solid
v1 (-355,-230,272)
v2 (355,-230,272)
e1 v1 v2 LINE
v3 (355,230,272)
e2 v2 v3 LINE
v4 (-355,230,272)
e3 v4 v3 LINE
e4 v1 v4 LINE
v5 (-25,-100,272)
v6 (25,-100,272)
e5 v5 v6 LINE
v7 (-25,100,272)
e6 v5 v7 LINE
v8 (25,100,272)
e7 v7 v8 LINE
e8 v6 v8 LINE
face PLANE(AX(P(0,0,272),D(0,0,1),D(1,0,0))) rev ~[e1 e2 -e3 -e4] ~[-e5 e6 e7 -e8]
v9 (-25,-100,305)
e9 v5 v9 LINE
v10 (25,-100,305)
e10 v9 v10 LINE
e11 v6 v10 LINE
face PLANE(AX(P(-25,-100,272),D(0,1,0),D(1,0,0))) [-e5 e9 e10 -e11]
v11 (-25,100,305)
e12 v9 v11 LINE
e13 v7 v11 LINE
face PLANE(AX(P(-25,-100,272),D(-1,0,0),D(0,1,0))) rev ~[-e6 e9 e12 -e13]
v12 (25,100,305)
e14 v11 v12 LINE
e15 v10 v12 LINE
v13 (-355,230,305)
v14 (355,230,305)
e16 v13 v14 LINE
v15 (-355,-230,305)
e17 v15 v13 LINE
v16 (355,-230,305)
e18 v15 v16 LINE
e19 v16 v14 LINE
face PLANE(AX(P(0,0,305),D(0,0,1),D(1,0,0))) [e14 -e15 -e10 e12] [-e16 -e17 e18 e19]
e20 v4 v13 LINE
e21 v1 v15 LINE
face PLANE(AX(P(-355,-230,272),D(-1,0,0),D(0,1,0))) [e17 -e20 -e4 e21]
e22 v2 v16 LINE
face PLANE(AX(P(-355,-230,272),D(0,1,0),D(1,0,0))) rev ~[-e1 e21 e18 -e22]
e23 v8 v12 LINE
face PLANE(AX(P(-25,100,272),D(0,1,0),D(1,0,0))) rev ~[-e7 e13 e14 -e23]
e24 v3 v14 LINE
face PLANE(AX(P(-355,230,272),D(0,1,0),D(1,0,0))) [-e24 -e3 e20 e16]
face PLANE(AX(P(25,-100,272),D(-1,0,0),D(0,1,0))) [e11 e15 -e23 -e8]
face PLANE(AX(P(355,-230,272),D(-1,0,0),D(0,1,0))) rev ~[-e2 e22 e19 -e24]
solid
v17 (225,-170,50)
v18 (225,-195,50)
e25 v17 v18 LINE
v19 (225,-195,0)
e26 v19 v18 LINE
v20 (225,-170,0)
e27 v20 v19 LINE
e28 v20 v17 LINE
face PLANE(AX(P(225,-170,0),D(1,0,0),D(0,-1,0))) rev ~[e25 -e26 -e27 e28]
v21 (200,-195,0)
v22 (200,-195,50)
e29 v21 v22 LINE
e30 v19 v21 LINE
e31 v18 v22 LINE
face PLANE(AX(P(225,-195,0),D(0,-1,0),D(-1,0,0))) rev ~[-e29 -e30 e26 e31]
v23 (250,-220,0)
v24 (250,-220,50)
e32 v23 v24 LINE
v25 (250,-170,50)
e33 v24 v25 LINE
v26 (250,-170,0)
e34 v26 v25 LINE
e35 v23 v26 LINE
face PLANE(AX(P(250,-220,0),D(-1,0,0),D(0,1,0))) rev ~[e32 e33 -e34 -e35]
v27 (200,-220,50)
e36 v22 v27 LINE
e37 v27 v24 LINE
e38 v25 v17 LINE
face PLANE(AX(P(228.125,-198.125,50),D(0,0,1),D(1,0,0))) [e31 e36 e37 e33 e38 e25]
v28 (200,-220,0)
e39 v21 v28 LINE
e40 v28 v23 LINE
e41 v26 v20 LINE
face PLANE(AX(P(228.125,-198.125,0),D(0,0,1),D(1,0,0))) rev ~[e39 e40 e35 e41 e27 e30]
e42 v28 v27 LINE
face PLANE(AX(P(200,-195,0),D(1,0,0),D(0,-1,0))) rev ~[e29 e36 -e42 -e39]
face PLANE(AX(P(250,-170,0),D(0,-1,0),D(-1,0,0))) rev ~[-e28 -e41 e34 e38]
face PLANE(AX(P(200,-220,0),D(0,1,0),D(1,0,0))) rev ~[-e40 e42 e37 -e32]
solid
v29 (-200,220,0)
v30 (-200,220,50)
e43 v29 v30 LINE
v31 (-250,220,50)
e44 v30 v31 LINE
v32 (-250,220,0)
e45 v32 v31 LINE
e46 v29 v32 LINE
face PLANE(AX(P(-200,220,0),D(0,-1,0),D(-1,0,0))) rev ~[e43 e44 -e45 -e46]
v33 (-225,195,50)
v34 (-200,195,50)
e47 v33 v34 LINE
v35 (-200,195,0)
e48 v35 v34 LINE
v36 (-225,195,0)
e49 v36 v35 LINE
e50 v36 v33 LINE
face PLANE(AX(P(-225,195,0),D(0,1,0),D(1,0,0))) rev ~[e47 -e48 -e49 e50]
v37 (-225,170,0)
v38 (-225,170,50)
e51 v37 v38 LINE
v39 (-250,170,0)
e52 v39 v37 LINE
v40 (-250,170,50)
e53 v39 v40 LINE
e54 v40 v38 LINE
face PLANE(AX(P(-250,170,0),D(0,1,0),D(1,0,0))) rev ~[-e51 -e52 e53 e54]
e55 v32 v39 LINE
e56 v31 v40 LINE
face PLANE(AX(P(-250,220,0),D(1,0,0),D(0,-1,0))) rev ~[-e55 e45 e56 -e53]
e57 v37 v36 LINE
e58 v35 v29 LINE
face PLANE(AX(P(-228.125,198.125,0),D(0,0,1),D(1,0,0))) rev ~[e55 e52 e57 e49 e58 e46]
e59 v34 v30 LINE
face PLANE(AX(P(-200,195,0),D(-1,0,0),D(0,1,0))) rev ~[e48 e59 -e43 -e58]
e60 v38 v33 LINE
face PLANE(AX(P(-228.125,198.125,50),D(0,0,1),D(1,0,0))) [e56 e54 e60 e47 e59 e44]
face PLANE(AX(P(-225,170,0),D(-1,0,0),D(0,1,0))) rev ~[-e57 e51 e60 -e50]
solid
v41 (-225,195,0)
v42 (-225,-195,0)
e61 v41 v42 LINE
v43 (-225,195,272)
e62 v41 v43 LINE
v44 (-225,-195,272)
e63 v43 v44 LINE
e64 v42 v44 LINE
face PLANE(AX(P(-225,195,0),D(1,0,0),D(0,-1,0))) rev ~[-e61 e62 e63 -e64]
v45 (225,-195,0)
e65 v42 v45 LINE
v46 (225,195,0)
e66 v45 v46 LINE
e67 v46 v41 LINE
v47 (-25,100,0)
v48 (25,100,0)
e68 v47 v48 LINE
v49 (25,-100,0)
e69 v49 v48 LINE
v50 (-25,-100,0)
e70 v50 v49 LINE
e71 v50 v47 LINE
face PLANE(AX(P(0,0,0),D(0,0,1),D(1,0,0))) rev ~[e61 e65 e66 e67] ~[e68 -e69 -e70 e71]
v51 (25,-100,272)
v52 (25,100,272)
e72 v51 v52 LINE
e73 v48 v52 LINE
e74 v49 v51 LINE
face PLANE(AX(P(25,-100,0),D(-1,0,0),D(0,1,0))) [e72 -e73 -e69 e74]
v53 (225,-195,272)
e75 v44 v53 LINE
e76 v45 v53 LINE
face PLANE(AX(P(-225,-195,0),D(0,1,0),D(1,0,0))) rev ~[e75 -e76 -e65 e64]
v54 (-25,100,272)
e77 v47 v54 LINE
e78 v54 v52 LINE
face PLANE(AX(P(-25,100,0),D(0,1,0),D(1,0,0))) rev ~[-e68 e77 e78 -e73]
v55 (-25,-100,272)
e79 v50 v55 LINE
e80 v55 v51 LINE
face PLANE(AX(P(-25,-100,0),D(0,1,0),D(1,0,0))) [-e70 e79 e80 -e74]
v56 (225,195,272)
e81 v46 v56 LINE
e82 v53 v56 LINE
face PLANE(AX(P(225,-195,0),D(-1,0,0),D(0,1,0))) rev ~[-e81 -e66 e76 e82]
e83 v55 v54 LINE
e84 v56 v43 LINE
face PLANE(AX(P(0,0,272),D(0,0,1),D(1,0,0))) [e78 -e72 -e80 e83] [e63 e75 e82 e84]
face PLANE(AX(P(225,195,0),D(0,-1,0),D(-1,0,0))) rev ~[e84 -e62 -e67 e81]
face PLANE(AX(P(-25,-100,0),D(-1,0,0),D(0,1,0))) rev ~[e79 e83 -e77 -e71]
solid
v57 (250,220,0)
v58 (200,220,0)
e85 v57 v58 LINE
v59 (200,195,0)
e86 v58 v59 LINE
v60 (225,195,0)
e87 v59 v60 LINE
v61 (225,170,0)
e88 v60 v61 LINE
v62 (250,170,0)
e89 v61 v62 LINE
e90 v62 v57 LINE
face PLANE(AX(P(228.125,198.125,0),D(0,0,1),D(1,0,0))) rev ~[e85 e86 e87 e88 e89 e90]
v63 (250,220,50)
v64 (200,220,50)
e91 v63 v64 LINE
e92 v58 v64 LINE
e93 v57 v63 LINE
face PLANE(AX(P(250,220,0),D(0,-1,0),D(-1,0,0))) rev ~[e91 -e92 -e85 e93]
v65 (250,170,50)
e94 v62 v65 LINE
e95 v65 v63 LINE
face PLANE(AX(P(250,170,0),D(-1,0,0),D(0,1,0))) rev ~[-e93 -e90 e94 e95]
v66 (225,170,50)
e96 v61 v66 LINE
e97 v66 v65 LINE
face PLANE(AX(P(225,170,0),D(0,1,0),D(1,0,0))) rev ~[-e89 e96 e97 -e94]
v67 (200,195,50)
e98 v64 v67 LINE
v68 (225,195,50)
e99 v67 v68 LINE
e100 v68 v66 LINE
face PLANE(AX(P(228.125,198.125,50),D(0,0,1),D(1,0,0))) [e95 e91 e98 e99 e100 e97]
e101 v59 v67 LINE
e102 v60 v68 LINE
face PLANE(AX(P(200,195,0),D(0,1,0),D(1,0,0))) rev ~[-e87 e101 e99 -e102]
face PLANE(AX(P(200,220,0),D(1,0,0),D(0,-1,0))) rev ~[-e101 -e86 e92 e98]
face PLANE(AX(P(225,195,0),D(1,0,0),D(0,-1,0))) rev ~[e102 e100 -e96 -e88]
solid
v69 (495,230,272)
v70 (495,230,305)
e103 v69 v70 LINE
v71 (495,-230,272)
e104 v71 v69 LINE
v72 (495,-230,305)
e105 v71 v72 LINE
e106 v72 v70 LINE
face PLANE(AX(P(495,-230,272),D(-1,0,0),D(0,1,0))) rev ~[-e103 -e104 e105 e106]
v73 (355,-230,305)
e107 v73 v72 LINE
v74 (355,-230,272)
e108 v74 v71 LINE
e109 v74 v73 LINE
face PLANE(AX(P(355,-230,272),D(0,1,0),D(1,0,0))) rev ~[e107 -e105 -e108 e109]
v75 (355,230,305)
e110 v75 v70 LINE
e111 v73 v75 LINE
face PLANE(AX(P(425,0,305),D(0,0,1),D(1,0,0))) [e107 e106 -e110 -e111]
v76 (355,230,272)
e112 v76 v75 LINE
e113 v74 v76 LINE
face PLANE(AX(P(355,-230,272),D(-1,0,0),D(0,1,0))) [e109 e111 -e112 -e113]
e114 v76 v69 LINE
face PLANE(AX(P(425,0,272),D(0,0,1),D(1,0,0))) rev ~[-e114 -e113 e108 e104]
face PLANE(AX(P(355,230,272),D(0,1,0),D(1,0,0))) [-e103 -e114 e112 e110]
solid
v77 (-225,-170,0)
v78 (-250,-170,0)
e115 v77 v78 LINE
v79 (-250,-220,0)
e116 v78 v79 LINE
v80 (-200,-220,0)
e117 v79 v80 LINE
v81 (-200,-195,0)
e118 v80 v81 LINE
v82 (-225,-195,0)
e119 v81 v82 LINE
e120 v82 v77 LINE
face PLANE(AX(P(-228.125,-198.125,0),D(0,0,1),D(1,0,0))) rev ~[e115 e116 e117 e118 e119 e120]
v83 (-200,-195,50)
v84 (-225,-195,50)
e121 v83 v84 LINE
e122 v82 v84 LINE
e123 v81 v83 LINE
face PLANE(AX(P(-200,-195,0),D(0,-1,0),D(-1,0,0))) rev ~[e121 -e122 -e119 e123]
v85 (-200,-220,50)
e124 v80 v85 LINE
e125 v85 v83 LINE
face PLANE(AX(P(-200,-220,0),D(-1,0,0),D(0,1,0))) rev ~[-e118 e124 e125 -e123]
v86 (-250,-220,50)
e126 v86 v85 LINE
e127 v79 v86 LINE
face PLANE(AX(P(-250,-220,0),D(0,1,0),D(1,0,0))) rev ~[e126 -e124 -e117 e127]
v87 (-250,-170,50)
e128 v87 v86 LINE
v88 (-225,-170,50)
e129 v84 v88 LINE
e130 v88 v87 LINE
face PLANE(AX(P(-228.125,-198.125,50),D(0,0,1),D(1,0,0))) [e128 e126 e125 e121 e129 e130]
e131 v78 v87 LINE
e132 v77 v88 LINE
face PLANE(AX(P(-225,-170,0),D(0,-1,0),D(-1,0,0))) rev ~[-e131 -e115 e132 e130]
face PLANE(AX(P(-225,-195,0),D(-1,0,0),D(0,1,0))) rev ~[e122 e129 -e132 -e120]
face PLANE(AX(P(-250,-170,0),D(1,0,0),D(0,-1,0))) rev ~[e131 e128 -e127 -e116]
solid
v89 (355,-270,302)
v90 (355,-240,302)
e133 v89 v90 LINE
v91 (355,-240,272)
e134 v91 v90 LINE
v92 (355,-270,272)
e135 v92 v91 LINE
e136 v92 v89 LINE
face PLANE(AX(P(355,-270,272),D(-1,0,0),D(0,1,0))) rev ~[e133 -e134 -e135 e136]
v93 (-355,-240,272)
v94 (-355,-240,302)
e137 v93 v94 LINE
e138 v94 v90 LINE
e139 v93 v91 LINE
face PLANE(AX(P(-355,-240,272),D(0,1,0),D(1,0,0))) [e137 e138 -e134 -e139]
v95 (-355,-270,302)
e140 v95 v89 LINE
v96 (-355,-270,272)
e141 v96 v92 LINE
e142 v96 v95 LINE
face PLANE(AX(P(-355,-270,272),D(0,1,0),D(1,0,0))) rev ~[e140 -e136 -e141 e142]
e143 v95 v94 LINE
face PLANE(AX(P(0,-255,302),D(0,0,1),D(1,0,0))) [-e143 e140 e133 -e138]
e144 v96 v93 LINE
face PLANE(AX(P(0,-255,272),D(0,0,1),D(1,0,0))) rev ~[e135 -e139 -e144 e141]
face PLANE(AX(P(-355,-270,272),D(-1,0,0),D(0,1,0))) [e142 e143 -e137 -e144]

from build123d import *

# Parameters (mm, degrees)
F0_W     = 50
F0_H     = 200
F0_W_2   = 25
F0_H_2   = 25
F1_DEPTH = 272
F2_DEPTH = 50
F3_W     = 710
F3_H     = 460
F3_W_2   = 450
F3_H_2   = 390
F3_W_3   = 50
F3_H_3   = 200
F4_DEPTH = 33
F3_H_4   = 30
F5_DEPTH = 30
F3_W_4   = 140
F6_DEPTH = 33


with BuildPart() as f1:
    # F0 (on Top) → F1 (new body)
    with BuildSketch(Plane.XY):
        Polygon((-200, -195), (200, -195), (200, -170), (225, -170), (225, 170), (200, 170), (200, 195), (-200, 195), (-200, 170), (-225, 170), (-225, -170), (-200, -170), align=None)
        Rectangle(F0_W, F0_H, mode=Mode.SUBTRACT)
        with Locations((-212.5, 182.5)):
            Rectangle(F0_W_2, F0_H_2)
        with Locations((-212.5, -182.5)):
            Rectangle(F0_W_2, F0_H_2)
        with Locations((212.5, -182.5)):
            Rectangle(F0_W_2, F0_H_2)
        with Locations((212.5, 182.5)):
            Rectangle(F0_W_2, F0_H_2)
    extrude(amount=F1_DEPTH)


with BuildPart() as f2:
    # F0 (on Top) → F2 (new body)
    with BuildSketch(Plane.XY):
        Polygon((-250, 170), (-225, 170), (-225, 195), (-200, 195), (-200, 220), (-250, 220), align=None)
    extrude(amount=F2_DEPTH)


with BuildPart() as f2b:
    # F0 (on Top) → F2, piece 2 (new body)
    with BuildSketch(Plane.XY):
        Polygon((-200, -220), (-200, -195), (-225, -195), (-225, -170), (-250, -170), (-250, -220), align=None)
    extrude(amount=F2_DEPTH)


with BuildPart() as f2c:
    # F0 (on Top) → F2, piece 3 (new body)
    with BuildSketch(Plane.XY):
        Polygon((225, -170), (225, -195), (200, -195), (200, -220), (250, -220), (250, -170), align=None)
    extrude(amount=F2_DEPTH)


with BuildPart() as f2d:
    # F0 (on Top) → F2, piece 4 (new body)
    with BuildSketch(Plane.XY):
        Polygon((225, 195), (225, 170), (250, 170), (250, 220), (200, 220), (200, 195), align=None)
    extrude(amount=F2_DEPTH)


with BuildPart() as f4:
    # F3 (on face) → F4 (new body)
    with BuildSketch(Plane.XY.offset(272)):
        Rectangle(F3_W, F3_H)
        Rectangle(F3_W_2, F3_H_2, mode=Mode.SUBTRACT)
        Rectangle(F3_W_2, F3_H_2)
        Rectangle(F3_W_3, F3_H_3, mode=Mode.SUBTRACT)
    extrude(amount=F4_DEPTH)


with BuildPart() as f5:
    # F3 (on face) → F5 (new body)
    with BuildSketch(Plane.XY.offset(272)):
        with Locations((0, -255)):
            Rectangle(F3_W, F3_H_4)
    extrude(amount=F5_DEPTH)


with BuildPart() as f6:
    # F3 (on face) → F6 (new body)
    with BuildSketch(Plane.XY.offset(272)):
        with Locations((425, 0)):
            Rectangle(F3_W_4, F3_H)
    extrude(amount=F6_DEPTH)


solid = Compound([f1.part, f2.part, f2b.part, f2c.part, f2d.part, f4.part, f5.part, f6.part])
